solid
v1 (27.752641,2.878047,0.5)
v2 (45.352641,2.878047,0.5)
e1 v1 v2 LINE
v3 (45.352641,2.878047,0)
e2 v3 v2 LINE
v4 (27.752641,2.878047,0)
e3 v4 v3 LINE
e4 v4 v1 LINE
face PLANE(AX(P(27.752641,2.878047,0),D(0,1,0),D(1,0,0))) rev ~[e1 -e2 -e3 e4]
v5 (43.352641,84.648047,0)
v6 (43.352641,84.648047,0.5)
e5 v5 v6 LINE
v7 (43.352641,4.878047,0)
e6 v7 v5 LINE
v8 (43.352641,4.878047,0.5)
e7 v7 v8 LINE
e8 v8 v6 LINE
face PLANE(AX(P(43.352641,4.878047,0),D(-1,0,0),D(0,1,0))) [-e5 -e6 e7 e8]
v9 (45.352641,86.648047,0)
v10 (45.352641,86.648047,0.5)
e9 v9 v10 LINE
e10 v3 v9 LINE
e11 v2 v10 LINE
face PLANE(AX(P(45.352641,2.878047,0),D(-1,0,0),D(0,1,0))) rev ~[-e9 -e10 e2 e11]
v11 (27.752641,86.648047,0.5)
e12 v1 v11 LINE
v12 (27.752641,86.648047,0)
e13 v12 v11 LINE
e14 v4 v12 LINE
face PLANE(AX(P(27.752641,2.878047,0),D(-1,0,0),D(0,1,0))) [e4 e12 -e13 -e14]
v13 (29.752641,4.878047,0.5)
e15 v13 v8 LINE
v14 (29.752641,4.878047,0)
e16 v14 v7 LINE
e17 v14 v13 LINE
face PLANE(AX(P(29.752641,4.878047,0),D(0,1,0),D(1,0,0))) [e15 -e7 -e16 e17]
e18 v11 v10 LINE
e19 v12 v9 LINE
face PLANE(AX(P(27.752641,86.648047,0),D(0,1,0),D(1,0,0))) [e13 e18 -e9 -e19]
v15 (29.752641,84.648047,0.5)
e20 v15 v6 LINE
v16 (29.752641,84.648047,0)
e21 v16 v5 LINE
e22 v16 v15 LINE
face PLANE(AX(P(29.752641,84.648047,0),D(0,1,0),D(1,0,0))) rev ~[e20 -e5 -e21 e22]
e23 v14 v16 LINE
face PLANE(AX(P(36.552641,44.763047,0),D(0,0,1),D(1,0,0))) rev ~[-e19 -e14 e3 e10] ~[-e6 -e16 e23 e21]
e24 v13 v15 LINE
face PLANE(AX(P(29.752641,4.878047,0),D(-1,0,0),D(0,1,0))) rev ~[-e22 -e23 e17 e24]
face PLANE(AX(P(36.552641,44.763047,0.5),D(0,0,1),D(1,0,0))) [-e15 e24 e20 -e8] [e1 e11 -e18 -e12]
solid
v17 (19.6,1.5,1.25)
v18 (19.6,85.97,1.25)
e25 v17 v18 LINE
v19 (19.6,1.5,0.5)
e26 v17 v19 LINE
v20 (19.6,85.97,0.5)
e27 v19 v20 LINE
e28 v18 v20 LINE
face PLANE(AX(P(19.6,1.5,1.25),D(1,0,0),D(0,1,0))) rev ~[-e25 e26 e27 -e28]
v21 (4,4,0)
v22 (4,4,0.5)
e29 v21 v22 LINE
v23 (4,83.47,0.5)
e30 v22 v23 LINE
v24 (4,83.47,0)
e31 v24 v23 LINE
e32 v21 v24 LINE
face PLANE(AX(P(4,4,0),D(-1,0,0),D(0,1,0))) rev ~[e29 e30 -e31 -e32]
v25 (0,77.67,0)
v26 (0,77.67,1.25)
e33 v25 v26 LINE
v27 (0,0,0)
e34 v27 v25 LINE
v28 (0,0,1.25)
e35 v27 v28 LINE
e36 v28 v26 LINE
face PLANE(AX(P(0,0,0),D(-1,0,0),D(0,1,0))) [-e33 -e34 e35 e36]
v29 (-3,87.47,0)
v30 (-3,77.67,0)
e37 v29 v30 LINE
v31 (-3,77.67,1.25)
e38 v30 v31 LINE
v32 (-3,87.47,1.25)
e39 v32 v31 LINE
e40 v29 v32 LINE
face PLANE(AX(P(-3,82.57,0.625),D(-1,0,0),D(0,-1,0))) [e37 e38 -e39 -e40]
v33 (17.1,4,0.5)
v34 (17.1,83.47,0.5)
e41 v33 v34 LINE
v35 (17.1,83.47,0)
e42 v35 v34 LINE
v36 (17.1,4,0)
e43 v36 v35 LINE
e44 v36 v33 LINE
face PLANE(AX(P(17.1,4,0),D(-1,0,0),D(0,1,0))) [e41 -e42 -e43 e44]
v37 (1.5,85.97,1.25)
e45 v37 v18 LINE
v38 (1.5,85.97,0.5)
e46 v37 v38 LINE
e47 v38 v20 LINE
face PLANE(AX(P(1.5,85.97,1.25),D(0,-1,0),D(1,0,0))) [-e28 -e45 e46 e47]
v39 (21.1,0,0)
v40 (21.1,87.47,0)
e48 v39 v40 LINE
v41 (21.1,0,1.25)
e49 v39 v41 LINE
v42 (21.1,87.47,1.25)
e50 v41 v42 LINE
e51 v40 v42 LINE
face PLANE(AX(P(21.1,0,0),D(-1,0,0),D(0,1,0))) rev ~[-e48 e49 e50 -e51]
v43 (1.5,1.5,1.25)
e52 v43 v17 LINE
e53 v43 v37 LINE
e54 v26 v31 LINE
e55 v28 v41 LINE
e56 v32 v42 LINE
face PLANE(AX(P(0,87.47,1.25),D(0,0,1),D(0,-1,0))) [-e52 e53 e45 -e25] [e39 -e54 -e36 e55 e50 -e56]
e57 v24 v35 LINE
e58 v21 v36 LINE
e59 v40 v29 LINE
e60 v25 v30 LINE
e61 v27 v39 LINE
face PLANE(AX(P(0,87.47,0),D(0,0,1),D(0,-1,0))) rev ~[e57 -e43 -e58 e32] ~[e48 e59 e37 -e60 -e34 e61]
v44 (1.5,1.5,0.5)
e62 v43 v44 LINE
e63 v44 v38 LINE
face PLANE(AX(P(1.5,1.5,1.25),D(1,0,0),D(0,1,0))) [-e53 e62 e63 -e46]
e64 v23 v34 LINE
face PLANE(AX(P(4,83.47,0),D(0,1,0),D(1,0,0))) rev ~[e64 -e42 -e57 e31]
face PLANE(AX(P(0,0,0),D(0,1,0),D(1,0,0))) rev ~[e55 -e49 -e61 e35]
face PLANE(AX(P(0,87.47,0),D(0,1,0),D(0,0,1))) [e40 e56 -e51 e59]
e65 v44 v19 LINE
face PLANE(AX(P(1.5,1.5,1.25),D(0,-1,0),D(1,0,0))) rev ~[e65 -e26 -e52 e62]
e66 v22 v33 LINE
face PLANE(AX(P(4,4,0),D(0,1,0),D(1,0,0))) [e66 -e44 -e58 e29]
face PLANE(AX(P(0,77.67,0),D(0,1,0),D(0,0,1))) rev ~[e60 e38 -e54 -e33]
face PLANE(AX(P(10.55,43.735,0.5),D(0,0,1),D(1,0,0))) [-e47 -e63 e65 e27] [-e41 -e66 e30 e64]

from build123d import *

# Parameters (mm, degrees)
F0_W     = 21.1
F0_H     = 87.47
F0_W_2   = 13.1
F0_H_2   = 79.47
F1_DEPTH = 1.25
F2_W     = 18.1
F2_H     = 84.47
F3_DEPTH = 0.75
F4_W     = 17.6
F4_H     = 83.77
F4_W_2   = 13.6
F4_H_2   = 79.77
F5_DEPTH = 0.5
F6_W     = 9.8
F6_H     = 1.25
F7_DEPTH = 3


with BuildPart() as f1:
    # F0 (on Top) → F1 (new body)
    with BuildSketch(Plane.XY):
        with Locations((10.55, 43.735)):
            Rectangle(F0_W, F0_H)
        with Locations((10.55, 43.735)):
            Rectangle(F0_W_2, F0_H_2, mode=Mode.SUBTRACT)
    extrude(amount=F1_DEPTH)

    # F2 (on face) → F3 (cut)
    with BuildSketch(Plane.XY.offset(1.25)):
        with Locations((10.55, 43.735)):
            Rectangle(F2_W, F2_H)
    extrude(amount=-F3_DEPTH, mode=Mode.SUBTRACT)

    # F6 (on face) → F7 (join)
    with BuildSketch(Plane(origin=(0, 0, 0), x_dir=(0, -1, 0), z_dir=(-1, 0, 0))):
        with Locations((-82.57, 0.625)):
            Rectangle(F6_W, F6_H)
    extrude(amount=F7_DEPTH)


with BuildPart() as f5:
    # F4 (on Top) → F5 (new body)
    with BuildSketch(Plane.XY):
        with Locations((36.552641, 44.763047)):
            Rectangle(F4_W, F4_H)
        with Locations((36.552641, 44.763047)):
            Rectangle(F4_W_2, F4_H_2, mode=Mode.SUBTRACT)
    extrude(amount=F5_DEPTH)


solid = Compound([f1.part, f5.part])
